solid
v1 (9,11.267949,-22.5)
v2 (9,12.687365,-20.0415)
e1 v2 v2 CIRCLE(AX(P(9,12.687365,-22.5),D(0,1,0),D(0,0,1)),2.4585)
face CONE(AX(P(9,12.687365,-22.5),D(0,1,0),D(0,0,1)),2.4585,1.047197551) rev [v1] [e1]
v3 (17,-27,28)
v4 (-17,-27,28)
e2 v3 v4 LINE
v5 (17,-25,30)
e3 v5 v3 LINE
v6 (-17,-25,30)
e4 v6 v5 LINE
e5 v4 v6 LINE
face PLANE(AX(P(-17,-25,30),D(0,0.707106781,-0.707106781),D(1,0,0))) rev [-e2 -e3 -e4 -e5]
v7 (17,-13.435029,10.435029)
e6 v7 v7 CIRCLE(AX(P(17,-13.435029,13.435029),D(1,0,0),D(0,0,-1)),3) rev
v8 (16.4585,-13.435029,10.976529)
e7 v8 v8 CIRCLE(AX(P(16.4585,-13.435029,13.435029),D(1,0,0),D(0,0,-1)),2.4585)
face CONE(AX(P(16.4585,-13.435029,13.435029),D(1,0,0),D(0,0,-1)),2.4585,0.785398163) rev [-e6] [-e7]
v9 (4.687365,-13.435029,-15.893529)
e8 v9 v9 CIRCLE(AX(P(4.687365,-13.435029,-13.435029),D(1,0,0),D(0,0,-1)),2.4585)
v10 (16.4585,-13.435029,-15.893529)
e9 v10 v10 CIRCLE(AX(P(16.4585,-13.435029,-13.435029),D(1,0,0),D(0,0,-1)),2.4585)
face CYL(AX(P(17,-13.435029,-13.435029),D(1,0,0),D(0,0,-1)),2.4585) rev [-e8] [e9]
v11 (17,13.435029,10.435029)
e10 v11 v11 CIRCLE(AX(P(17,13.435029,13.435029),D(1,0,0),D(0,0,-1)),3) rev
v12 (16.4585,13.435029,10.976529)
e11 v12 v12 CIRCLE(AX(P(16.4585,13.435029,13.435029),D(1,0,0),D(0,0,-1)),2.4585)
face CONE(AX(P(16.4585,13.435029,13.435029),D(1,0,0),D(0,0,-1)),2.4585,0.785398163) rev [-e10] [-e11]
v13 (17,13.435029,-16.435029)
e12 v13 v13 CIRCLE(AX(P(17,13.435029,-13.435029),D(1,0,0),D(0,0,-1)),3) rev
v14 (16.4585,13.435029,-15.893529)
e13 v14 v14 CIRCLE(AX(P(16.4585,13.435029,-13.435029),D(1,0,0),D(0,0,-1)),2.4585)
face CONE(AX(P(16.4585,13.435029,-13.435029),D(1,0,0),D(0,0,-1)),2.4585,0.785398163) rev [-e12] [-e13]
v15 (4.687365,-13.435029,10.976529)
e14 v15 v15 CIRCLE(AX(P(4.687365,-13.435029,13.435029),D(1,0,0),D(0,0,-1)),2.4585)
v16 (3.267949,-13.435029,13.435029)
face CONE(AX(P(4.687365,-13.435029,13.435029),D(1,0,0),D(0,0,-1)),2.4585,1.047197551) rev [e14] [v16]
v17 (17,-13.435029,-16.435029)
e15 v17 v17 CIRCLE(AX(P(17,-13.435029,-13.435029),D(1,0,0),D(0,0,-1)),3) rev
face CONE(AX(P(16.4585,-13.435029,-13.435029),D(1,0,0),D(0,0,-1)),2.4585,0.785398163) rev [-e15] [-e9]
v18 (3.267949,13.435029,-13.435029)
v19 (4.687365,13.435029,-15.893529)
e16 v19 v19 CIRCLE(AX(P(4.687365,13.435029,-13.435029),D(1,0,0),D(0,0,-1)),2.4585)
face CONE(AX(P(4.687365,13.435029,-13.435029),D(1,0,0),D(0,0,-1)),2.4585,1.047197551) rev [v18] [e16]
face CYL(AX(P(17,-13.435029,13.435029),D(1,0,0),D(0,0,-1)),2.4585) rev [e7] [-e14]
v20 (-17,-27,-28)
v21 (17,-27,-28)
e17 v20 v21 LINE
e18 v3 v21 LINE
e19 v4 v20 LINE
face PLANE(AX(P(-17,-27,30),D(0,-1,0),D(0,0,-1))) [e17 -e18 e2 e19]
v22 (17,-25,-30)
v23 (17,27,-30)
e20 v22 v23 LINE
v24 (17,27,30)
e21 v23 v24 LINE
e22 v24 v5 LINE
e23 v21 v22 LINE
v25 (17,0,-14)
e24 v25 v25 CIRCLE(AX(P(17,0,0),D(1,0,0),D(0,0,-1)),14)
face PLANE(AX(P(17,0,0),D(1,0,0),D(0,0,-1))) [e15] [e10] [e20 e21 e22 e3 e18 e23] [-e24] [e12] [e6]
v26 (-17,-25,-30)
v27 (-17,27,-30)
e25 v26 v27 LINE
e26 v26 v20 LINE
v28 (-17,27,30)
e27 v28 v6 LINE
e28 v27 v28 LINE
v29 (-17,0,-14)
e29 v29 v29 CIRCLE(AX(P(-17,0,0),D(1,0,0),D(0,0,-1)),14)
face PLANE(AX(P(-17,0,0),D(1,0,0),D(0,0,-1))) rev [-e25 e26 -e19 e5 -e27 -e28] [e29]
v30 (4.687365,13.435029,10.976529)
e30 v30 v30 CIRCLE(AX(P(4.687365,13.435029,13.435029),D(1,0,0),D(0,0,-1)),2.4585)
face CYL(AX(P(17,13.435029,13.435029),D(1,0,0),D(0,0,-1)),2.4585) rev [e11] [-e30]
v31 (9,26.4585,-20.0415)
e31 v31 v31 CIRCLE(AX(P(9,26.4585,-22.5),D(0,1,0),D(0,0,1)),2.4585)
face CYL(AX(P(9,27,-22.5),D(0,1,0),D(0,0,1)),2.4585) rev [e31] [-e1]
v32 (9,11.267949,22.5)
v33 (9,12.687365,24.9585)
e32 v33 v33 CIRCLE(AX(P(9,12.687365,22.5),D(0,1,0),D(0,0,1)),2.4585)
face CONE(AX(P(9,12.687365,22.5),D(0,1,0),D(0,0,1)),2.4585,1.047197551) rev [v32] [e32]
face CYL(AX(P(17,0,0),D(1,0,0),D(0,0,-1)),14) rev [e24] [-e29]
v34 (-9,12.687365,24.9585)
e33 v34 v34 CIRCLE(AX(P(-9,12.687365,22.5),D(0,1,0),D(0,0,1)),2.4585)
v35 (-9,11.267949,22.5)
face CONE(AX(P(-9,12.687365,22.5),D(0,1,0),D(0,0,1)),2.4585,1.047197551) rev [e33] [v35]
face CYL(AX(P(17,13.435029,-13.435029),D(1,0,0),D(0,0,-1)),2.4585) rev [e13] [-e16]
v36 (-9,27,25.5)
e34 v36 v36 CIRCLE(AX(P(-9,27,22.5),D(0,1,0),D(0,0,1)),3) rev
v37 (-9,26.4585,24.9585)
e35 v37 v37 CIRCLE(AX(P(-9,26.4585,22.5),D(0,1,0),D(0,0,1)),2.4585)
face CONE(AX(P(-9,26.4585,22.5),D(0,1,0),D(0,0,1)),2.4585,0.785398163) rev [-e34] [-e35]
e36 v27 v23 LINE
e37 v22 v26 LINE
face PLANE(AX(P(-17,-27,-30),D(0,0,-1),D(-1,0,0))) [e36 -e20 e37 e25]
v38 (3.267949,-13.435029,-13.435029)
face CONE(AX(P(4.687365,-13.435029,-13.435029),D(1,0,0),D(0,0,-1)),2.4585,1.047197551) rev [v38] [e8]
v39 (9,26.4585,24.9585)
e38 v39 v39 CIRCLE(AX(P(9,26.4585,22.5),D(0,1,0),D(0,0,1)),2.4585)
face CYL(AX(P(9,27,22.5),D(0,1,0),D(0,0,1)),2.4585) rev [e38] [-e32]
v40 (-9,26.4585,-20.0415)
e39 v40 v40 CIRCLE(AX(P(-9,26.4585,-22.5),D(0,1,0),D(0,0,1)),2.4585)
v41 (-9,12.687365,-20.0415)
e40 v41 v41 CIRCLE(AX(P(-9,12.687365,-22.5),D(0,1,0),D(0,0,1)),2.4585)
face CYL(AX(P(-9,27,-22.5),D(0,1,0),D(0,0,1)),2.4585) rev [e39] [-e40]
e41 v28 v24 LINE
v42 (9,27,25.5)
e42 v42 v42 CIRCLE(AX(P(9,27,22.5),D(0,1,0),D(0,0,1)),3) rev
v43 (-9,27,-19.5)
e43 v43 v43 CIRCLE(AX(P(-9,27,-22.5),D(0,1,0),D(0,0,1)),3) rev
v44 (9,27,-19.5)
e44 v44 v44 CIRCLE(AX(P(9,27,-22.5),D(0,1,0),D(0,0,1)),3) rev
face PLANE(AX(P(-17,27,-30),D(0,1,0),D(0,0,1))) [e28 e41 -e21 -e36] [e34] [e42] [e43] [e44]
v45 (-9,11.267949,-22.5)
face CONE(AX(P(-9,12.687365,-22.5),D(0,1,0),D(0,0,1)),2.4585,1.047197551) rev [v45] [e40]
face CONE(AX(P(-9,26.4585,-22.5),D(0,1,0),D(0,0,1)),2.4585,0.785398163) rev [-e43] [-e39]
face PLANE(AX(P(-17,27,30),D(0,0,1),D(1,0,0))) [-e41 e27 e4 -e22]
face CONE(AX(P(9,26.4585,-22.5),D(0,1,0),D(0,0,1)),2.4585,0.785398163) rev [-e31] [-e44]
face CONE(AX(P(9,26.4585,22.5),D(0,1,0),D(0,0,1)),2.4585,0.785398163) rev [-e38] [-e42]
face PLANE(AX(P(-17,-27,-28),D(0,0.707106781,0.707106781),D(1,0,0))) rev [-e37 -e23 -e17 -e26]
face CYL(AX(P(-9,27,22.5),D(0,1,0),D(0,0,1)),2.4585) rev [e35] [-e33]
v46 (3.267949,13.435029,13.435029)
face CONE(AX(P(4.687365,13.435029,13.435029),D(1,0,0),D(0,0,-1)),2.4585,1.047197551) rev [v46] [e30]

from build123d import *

# Parameters (mm, degrees)
SCHIZZO1_W                   = 60
SCHIZZO1_H                   = 54
ESTRUSIONE_ESTRUSIONE1_DEPTH = 34
FORO_PER_VITE_M24_1_D        = 28
FORO1_D                      = 4.917
FORO1_DEPTH                  = 14.312635171
FORO1_TIP                    = 1.419415637
FORO2_D                      = 4.917
FORO2_DEPTH                  = 12.312635171
FORO2_TIP                    = 1.419415637
SMUSSO1_SIZE                 = 0.5415
SMUSSO2_SIZE                 = 2


with BuildPart() as part:
    # Schizzo1 → Estrusione-Estrusione1 (new body)
    with BuildSketch(Plane(origin=(17, 0, 0), x_dir=(0, 0, -1), z_dir=(1, 0, 0))):
        Rectangle(SCHIZZO1_W, SCHIZZO1_H)
    extrude(amount=-ESTRUSIONE_ESTRUSIONE1_DEPTH)

    # Foro per Vite M24-1 (through all)
    with Locations(Plane(origin=(17, 0, 0), x_dir=(0, 0, -1), z_dir=(1, 0, 0))):
        with Locations((0, 0)):
            Hole(FORO_PER_VITE_M24_1_D / 2)

    # Foro1
    with Locations(Plane(origin=(0, 27, 0), x_dir=(1, 0, 0), z_dir=(0, 1, 0))):
        with Locations((9, 22.5), (9, -22.5), (-9, 22.5), (-9, -22.5)):
            Hole(FORO1_D / 2, depth=FORO1_DEPTH)
            with Locations((0, 0, -(FORO1_DEPTH + FORO1_TIP / 2))):  # 120° drill point
                Cone(0, FORO1_D / 2, FORO1_TIP, mode=Mode.SUBTRACT)

    # Foro2
    with Locations(Plane(origin=(17, 0, 0), x_dir=(0, 0, -1), z_dir=(1, 0, 0))):
        with Locations((13.435028843, 13.435028843), (-13.435028843, -13.435028843), (13.435028843, -13.435028843), (-13.435028843, 13.435028843)):
            Hole(FORO2_D / 2, depth=FORO2_DEPTH)
            with Locations((0, 0, -(FORO2_DEPTH + FORO2_TIP / 2))):  # 120° drill point
                Cone(0, FORO2_D / 2, FORO2_TIP, mode=Mode.SUBTRACT)

    # Smusso1
    smusso1_edges = [part.edges().sort_by_distance(p)[0] for p in [
        (-6.5415, 27, 22.5),
        (-6.5415, 27, -22.5),
        (11.4585, 27, 22.5),
        (11.4585, 27, -22.5),
        (17, 13.435028843, 10.976528843),
        (17, -13.435028843, -15.893528843),
        (17, -13.435028843, 10.976528843),
        (17, 13.435028843, -15.893528843),
    ]]
    chamfer(smusso1_edges, length=SMUSSO1_SIZE)

    # Smusso2
    smusso2_edges = [part.edges().sort_by_distance(p)[0] for p in [
        (0, -27, 30),
        (0, -27, -30),
    ]]
    chamfer(smusso2_edges, length=SMUSSO2_SIZE)


solid = part.part
